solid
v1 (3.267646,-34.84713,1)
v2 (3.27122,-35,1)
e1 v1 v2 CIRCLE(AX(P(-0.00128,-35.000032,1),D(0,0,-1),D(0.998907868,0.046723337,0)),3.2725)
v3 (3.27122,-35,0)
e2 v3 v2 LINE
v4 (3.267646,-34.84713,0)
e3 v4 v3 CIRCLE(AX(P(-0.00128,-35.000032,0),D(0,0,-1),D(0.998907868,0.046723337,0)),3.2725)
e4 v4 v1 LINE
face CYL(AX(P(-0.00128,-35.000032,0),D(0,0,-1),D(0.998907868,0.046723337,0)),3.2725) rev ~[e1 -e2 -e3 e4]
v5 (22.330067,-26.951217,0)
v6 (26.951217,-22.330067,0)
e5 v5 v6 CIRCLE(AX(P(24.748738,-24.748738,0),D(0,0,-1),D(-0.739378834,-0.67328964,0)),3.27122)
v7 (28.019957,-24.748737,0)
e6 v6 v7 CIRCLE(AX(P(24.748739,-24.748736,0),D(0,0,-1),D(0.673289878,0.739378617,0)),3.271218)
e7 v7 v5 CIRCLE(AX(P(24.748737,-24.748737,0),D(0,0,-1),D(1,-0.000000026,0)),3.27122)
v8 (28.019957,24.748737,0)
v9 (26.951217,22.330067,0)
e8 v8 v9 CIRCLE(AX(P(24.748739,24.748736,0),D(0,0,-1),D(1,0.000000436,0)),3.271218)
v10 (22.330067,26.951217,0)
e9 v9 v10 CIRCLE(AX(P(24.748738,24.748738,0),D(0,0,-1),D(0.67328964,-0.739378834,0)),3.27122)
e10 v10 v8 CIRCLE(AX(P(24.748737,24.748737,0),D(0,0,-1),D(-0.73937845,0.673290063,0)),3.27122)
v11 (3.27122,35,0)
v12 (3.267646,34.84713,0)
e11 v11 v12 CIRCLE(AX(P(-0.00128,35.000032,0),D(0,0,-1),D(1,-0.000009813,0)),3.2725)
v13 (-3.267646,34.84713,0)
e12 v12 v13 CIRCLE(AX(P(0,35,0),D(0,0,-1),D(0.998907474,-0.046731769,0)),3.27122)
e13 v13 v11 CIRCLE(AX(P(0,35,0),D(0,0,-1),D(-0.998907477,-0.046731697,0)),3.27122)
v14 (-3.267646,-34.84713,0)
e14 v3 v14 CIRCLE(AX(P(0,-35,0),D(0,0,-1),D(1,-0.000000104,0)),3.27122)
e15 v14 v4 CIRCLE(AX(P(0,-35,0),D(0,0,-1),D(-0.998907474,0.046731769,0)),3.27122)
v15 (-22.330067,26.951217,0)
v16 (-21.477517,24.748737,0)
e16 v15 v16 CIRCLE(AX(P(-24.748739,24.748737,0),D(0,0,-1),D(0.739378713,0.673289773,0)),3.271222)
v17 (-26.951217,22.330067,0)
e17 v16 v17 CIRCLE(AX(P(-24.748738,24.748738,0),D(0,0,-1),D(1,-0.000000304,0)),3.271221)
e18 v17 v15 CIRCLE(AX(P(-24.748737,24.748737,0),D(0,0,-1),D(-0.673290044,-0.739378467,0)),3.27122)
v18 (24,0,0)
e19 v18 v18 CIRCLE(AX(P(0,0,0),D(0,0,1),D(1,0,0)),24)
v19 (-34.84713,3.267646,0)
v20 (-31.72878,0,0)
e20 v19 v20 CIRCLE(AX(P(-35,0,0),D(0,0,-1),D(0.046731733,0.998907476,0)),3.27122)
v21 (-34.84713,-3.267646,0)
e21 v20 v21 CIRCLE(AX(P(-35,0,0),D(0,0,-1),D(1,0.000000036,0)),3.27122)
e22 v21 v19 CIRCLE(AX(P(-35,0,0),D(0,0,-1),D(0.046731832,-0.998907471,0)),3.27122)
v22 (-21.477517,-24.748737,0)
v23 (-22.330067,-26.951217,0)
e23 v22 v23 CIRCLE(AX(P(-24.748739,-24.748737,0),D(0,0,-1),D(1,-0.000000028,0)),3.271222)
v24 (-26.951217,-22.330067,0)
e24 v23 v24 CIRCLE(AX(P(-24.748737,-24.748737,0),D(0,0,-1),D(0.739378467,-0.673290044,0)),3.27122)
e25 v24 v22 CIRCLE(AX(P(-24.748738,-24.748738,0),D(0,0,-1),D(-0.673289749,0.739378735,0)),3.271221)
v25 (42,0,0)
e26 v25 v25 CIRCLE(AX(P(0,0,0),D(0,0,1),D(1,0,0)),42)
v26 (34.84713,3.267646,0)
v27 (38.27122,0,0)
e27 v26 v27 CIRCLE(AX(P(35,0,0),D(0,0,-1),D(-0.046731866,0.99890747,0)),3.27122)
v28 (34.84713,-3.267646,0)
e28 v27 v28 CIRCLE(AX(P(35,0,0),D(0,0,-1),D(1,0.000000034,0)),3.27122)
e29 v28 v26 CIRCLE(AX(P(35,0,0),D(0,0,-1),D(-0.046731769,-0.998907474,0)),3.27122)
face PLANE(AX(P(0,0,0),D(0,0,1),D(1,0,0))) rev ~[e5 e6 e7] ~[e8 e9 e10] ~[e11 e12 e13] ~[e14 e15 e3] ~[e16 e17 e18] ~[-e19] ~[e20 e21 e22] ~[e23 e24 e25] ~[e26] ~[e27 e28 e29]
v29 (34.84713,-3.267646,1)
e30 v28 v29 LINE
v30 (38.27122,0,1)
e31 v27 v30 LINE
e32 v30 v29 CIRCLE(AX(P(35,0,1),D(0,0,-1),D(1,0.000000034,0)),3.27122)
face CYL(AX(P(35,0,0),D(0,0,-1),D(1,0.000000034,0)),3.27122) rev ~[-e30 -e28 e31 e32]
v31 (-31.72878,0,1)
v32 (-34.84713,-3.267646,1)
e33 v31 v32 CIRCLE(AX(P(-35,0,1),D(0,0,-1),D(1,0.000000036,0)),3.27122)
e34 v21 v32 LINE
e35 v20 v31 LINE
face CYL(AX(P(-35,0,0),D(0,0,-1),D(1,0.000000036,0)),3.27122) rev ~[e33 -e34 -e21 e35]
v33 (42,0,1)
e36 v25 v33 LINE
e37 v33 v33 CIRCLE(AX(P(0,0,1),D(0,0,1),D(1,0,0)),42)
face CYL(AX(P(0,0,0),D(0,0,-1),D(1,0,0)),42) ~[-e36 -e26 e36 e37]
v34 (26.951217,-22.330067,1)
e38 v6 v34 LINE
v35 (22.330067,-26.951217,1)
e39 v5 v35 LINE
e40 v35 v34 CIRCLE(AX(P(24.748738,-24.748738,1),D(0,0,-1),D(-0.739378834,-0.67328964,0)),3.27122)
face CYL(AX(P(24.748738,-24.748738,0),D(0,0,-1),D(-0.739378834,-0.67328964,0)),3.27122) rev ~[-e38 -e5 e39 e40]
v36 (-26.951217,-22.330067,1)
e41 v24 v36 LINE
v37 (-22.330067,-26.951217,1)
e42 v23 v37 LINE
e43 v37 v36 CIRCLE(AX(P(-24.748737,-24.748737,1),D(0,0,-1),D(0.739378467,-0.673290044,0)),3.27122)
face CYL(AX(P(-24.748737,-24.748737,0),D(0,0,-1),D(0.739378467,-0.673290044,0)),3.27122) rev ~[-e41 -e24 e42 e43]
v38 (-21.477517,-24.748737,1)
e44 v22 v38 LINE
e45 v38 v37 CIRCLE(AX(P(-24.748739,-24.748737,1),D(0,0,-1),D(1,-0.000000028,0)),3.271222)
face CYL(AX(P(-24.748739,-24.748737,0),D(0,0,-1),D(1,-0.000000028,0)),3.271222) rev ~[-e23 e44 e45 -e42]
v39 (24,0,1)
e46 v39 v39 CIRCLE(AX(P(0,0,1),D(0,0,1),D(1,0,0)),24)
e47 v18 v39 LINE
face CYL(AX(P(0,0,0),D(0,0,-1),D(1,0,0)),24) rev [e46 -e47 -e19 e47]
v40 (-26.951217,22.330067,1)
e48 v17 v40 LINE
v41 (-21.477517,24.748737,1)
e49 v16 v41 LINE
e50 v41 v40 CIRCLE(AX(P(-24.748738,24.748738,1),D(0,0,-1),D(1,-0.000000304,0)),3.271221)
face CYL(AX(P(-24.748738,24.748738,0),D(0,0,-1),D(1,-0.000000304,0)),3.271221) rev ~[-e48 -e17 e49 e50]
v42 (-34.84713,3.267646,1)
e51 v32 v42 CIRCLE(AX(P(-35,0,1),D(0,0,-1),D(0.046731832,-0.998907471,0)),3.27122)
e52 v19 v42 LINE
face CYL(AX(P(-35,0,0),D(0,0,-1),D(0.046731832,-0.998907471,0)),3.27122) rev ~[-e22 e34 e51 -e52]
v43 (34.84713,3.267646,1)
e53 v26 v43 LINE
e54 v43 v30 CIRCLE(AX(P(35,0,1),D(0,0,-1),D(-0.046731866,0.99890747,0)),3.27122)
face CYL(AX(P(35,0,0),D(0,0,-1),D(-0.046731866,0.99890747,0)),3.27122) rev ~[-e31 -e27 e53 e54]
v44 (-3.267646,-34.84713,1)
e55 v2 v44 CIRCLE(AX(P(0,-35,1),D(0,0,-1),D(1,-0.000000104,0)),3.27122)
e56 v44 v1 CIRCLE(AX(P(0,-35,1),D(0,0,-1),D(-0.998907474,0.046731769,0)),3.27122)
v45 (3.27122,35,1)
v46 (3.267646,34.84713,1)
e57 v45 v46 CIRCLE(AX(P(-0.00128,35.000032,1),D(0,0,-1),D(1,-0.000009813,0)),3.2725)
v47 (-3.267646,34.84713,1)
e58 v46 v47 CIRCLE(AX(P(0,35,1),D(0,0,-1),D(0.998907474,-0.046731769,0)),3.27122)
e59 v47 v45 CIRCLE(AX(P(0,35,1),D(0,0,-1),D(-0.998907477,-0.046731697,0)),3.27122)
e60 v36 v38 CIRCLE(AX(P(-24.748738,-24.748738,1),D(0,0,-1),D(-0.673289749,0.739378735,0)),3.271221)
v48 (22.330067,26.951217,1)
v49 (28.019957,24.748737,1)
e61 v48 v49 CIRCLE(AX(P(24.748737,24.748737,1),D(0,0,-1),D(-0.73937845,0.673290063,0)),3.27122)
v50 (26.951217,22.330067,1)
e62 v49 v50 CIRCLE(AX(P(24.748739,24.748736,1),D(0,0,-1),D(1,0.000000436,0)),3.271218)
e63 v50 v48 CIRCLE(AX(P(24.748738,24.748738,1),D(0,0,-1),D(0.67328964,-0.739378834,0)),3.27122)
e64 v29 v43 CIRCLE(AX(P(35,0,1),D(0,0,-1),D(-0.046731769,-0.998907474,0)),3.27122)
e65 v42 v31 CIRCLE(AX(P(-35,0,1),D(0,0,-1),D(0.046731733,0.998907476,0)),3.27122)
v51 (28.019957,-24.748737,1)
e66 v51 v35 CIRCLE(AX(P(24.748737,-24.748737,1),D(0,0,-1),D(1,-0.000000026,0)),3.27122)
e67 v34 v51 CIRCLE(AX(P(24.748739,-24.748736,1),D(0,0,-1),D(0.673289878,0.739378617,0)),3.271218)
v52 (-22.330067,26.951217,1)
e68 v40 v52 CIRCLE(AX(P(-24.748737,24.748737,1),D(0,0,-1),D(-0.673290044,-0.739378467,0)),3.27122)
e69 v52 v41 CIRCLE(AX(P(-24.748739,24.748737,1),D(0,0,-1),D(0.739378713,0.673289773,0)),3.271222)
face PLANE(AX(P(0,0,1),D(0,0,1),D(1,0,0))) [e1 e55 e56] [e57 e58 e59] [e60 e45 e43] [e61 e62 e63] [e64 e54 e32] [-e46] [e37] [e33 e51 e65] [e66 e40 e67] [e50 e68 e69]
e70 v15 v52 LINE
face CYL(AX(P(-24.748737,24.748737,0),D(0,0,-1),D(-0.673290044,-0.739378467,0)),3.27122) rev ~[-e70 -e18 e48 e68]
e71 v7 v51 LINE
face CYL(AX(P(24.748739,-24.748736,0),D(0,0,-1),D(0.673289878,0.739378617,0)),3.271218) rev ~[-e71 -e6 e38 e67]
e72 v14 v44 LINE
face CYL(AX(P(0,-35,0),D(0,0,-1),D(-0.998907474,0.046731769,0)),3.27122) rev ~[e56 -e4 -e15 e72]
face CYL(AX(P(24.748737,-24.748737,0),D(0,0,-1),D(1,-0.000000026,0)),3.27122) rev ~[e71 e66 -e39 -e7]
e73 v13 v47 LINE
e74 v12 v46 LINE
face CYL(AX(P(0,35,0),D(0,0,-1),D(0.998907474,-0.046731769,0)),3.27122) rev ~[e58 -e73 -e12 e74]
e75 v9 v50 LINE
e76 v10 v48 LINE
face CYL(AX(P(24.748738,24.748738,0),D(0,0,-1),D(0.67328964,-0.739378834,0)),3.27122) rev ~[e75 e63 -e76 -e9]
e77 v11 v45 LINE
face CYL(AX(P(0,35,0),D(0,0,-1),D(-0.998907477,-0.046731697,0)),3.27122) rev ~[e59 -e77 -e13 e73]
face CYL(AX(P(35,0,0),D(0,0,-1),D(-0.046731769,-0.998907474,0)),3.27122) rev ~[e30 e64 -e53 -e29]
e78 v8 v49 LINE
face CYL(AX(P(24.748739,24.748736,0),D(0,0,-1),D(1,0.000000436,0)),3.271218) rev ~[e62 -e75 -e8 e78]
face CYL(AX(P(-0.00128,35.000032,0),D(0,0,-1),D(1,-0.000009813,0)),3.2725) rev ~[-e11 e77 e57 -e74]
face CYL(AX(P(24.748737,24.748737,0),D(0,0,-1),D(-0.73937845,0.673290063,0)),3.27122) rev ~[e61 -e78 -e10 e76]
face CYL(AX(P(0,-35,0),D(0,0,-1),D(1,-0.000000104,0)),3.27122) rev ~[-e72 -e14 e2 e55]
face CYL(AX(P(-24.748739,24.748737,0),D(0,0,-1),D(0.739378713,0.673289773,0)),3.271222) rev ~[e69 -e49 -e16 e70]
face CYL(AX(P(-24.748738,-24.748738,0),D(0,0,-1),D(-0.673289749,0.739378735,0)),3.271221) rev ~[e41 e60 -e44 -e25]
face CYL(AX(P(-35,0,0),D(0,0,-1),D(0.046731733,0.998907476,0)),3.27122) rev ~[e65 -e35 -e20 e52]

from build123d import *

# Parameters (mm, degrees)
F0_R     = 42
F0_R_2   = 24
F1_DEPTH = 1


with BuildPart() as f1:
    # F0 (on Top) → F1 (new body)
    with BuildSketch(Plane.XY):
        Circle(F0_R)
        with BuildLine():
            ThreePointArc((26.951217, 22.330067), (32.335784, 13.39392), (34.84713, 3.267646))
            ThreePointArc((34.84713, 3.267646), (37.258408, 2.366532), (38.27122, 0))
            ThreePointArc((38.27122, 0), (37.258408, -2.366532), (34.84713, -3.267646))
            ThreePointArc((34.84713, -3.267646), (32.335784, -13.39392), (26.951217, -22.330067))
            ThreePointArc((26.951217, -22.330067), (27.740867, -23.426602), (28.019957, -24.748737))
            ThreePointArc((28.019957, -24.748737), (25.929601, -27.799383), (22.330067, -26.951217))
            ThreePointArc((22.330067, -26.951217), (13.39392, -32.335784), (3.267646, -34.84713))
            ThreePointArc((3.267646, -34.84713), (3.270326, -34.923544), (3.27122, -35))
            ThreePointArc((3.27122, -35), (-0.076456, -38.270326), (-3.267646, -34.84713))
            ThreePointArc((-3.267646, -34.84713), (-13.39392, -32.335784), (-22.330067, -26.951217))
            ThreePointArc((-22.330067, -26.951217), (-27.061839, -27.061839), (-26.951217, -22.330067))
            ThreePointArc((-26.951217, -22.330067), (-32.335784, -13.39392), (-34.84713, -3.267646))
            ThreePointArc((-34.84713, -3.267646), (-38.27122, 0), (-34.84713, 3.267646))
            ThreePointArc((-34.84713, 3.267646), (-32.335784, 13.39392), (-26.951217, 22.330067))
            ThreePointArc((-26.951217, 22.330067), (-27.061839, 27.061839), (-22.330067, 26.951217))
            ThreePointArc((-22.330067, 26.951217), (-13.39392, 32.335784), (-3.267646, 34.84713))
            ThreePointArc((-3.267646, 34.84713), (-0.076456, 38.270326), (3.27122, 35))
            ThreePointArc((3.27122, 35), (3.270326, 34.923544), (3.267646, 34.84713))
            ThreePointArc((3.267646, 34.84713), (13.39392, 32.335784), (22.330067, 26.951217))
            ThreePointArc((22.330067, 26.951217), (25.929601, 27.799383), (28.019957, 24.748737))
            ThreePointArc((28.019957, 24.748737), (27.740867, 23.426602), (26.951217, 22.330067))
        make_face(mode=Mode.SUBTRACT)
        with BuildLine():
            ThreePointArc((34.84713, -3.267646), (31.72878, 0), (34.84713, 3.267646))
            ThreePointArc((34.84713, 3.267646), (32.335784, 13.39392), (26.951217, 22.330067))
            ThreePointArc((26.951217, 22.330067), (22.435636, 22.435636), (22.330067, 26.951217))
            ThreePointArc((22.330067, 26.951217), (13.39392, 32.335784), (3.267646, 34.84713))
            ThreePointArc((3.267646, 34.84713), (0, 31.72878), (-3.267646, 34.84713))
            ThreePointArc((-3.267646, 34.84713), (-13.39392, 32.335784), (-22.330067, 26.951217))
            ThreePointArc((-22.330067, 26.951217), (-21.698091, 25.929601), (-21.477517, 24.748737))
            ThreePointArc((-21.477517, 24.748737), (-23.426602, 21.756608), (-26.951217, 22.330067))
            ThreePointArc((-26.951217, 22.330067), (-32.335784, 13.39392), (-34.84713, 3.267646))
            ThreePointArc((-34.84713, 3.267646), (-32.633468, 2.258408), (-31.72878, 0))
            ThreePointArc((-31.72878, 0), (-32.633468, -2.258408), (-34.84713, -3.267646))
            ThreePointArc((-34.84713, -3.267646), (-32.335784, -13.39392), (-26.951217, -22.330067))
            ThreePointArc((-26.951217, -22.330067), (-23.426602, -21.756608), (-21.477517, -24.748737))
            ThreePointArc((-21.477517, -24.748737), (-21.698091, -25.929601), (-22.330067, -26.951217))
            ThreePointArc((-22.330067, -26.951217), (-13.39392, -32.335784), (-3.267646, -34.84713))
            ThreePointArc((-3.267646, -34.84713), (0, -31.72878), (3.267646, -34.84713))
            ThreePointArc((3.267646, -34.84713), (13.39392, -32.335784), (22.330067, -26.951217))
            ThreePointArc((22.330067, -26.951217), (22.435636, -22.435636), (26.951217, -22.330067))
            ThreePointArc((26.951217, -22.330067), (32.335784, -13.39392), (34.84713, -3.267646))
        make_face()
        Circle(F0_R_2, mode=Mode.SUBTRACT)
    extrude(amount=F1_DEPTH)


solid = f1.part
